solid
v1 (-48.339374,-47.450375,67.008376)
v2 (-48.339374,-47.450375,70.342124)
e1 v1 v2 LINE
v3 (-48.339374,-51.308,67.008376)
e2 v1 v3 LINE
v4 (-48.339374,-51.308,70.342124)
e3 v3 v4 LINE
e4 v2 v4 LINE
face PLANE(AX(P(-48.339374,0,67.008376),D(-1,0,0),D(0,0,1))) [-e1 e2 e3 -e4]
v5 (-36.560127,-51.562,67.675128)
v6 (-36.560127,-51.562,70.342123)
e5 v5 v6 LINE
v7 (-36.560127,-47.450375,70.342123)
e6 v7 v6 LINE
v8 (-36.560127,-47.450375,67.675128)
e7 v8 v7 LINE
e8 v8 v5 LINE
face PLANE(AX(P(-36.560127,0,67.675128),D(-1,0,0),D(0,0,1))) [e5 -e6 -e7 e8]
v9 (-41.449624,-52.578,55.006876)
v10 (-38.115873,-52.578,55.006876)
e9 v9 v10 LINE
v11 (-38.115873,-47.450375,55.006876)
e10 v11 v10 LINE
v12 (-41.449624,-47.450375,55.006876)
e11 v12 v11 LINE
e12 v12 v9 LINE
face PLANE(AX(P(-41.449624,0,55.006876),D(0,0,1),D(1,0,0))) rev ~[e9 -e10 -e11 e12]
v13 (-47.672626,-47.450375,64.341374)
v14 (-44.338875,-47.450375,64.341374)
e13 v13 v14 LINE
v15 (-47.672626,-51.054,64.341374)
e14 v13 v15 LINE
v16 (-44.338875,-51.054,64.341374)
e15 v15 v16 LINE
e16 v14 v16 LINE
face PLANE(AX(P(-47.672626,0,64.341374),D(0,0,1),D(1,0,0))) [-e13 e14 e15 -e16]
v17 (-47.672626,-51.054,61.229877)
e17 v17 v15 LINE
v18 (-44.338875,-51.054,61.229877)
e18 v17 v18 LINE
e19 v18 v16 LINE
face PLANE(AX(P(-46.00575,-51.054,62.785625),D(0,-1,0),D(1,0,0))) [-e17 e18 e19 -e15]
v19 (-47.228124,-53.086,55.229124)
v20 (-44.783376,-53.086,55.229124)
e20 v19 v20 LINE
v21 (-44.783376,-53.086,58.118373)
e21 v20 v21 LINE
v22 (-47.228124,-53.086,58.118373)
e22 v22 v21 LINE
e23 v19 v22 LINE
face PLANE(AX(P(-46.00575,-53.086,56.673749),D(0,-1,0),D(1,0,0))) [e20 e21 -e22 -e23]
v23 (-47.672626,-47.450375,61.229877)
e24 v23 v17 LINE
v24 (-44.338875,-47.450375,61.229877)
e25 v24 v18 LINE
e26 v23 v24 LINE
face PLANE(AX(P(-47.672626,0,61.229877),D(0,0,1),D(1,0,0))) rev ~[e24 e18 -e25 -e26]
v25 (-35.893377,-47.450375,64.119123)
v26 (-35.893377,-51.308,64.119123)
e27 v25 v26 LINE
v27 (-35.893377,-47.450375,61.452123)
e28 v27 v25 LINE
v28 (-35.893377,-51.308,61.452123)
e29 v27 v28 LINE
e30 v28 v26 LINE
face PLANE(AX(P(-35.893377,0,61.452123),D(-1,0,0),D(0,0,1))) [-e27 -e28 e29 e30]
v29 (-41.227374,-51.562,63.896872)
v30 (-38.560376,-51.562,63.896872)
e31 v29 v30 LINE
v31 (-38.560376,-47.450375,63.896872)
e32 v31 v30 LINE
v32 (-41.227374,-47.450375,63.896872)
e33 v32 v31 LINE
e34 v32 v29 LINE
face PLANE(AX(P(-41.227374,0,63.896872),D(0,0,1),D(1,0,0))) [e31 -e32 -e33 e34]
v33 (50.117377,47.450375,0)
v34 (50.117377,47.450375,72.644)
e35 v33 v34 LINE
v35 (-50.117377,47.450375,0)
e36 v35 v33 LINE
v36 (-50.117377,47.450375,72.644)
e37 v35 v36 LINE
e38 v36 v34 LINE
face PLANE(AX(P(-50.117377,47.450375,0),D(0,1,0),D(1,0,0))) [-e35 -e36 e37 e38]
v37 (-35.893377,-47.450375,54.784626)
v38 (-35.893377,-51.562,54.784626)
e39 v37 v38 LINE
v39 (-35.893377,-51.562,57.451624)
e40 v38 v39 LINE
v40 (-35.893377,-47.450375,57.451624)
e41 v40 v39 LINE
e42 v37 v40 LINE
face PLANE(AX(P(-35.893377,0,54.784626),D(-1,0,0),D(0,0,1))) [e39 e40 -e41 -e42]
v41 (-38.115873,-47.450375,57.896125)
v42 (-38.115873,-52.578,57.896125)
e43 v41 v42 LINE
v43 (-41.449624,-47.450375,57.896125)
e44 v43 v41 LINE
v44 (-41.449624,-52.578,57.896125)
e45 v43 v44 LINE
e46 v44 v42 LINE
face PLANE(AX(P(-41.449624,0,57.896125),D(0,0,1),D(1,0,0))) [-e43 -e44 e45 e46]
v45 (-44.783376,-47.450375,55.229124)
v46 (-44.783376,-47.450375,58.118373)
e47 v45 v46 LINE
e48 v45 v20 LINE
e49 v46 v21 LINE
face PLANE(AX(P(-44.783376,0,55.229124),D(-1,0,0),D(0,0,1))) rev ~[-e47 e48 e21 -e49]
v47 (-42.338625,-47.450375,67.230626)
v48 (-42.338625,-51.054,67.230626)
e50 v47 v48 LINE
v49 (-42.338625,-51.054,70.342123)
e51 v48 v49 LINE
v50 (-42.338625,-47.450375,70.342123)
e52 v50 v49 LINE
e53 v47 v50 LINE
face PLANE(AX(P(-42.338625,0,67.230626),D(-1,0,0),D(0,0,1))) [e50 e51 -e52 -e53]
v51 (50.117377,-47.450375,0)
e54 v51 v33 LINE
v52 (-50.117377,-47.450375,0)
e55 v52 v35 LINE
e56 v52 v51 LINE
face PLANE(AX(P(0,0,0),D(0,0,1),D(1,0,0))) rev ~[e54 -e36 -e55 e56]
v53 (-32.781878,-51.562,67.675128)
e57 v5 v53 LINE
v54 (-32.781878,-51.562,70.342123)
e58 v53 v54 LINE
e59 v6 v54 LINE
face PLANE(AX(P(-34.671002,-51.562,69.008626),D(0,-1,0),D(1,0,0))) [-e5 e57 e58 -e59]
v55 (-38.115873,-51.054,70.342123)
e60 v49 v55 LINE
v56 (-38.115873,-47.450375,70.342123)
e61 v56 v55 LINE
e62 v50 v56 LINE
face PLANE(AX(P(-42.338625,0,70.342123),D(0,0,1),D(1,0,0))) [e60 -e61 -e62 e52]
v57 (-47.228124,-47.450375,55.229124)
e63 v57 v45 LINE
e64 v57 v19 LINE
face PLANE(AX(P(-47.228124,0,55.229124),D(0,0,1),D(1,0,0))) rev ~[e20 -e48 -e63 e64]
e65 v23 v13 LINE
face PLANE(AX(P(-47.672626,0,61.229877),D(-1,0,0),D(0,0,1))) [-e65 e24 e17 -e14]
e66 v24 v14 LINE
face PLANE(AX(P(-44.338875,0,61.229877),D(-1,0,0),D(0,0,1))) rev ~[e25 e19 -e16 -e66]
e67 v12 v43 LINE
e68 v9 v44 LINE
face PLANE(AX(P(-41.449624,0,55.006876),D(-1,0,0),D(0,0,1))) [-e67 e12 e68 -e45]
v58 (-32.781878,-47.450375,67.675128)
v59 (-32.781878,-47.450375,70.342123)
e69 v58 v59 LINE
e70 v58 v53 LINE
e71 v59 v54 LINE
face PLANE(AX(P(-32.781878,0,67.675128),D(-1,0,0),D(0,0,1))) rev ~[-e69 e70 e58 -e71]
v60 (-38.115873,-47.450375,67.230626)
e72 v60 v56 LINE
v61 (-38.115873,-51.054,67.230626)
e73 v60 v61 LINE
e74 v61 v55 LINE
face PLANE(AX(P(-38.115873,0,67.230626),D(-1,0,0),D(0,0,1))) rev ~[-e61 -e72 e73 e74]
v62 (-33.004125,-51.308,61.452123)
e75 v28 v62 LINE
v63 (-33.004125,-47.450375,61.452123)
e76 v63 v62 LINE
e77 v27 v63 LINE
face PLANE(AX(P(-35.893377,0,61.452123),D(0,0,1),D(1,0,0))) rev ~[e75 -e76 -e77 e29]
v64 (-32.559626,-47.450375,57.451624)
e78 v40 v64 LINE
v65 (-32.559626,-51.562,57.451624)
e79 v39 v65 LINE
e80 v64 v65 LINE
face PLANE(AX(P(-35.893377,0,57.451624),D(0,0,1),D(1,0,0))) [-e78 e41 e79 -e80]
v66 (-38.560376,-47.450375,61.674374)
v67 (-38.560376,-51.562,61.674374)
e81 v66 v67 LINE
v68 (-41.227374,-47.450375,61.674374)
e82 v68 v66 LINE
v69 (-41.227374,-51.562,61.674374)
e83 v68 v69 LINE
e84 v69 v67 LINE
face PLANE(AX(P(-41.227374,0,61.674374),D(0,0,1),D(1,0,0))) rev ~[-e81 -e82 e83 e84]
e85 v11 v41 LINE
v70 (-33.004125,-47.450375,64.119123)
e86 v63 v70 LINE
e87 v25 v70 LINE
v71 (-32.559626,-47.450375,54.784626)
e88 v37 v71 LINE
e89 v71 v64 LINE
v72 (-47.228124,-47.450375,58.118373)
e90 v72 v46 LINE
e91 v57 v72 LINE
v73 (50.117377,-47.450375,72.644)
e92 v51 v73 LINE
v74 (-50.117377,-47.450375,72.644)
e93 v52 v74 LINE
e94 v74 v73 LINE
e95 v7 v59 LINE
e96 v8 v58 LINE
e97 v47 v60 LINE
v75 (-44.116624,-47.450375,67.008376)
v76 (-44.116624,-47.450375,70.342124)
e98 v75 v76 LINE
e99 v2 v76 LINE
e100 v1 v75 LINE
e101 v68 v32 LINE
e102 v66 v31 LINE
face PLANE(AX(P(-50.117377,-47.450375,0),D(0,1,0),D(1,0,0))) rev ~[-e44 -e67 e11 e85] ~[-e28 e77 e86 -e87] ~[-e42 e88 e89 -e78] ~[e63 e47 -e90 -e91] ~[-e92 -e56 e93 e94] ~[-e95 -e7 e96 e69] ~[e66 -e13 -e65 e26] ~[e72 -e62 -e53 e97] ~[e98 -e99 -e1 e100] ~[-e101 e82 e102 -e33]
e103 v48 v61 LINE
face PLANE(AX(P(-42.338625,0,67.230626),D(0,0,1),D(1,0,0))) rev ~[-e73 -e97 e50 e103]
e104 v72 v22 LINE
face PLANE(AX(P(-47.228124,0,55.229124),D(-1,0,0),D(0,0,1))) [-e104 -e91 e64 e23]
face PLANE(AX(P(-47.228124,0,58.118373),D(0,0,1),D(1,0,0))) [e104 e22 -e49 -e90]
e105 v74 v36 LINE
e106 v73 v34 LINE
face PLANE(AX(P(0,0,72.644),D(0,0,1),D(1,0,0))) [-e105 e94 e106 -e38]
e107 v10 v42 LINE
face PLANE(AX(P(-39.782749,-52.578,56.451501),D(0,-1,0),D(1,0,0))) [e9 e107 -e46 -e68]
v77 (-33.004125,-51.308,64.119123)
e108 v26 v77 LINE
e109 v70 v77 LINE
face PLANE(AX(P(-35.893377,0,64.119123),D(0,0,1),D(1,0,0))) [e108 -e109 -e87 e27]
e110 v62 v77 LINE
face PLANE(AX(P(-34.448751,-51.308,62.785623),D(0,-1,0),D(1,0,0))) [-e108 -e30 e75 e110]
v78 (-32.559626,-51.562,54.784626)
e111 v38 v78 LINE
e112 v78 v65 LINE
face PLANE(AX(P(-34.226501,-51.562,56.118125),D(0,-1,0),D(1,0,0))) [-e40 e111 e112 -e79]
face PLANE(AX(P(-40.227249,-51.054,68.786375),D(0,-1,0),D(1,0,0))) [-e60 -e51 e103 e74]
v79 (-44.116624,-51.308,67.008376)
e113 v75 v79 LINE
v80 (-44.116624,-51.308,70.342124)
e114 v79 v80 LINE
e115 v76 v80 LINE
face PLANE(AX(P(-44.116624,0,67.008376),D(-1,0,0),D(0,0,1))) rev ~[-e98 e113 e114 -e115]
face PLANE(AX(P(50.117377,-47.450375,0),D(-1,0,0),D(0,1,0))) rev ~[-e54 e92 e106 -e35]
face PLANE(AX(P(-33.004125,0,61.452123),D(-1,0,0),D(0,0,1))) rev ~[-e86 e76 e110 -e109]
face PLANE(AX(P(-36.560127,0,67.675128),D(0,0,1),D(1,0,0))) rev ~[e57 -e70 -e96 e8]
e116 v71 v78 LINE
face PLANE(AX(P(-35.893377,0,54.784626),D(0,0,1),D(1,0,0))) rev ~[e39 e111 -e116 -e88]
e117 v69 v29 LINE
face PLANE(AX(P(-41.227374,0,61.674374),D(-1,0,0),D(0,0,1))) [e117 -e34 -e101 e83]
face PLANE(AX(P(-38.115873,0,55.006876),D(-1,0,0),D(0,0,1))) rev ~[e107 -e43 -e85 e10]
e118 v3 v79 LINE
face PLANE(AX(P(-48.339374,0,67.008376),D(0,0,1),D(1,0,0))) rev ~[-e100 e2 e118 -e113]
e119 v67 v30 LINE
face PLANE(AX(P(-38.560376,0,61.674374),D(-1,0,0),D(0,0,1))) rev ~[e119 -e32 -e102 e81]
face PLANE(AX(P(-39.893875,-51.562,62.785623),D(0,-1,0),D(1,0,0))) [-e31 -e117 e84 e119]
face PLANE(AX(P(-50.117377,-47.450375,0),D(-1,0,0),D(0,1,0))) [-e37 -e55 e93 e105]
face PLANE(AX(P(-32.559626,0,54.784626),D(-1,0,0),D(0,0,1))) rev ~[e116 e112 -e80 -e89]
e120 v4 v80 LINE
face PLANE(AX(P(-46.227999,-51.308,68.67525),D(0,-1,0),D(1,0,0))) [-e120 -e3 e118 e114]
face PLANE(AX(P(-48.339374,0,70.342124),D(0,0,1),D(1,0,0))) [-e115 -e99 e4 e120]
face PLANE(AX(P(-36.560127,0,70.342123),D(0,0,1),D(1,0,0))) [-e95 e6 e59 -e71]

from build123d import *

# Parameters (mm, degrees)
F0_W      = 100.234754
F0_H      = 94.90075
F1_DEPTH  = 72.644
F2_W      = 4.22275
F2_H      = 3.333748
F3_DEPTH  = 51.308
F4_W      = 4.222751
F4_H      = 3.111497
F5_DEPTH  = 51.054
F6_W      = 3.778249
F6_H      = 2.666995
F7_DEPTH  = 51.562
F8_W      = 3.333751
F8_H      = 3.111497
F9_DEPTH  = 51.054
F10_W     = 2.666998
F10_H     = 2.222497
F11_DEPTH = 51.562
F12_W     = 2.889253
F12_H     = 2.666999
F13_DEPTH = 51.308
F14_W     = 2.444748
F14_H     = 2.889249
F15_DEPTH = 53.086
F16_W     = 3.333751
F16_H     = 2.889249
F17_DEPTH = 52.578
F18_W     = 3.333751
F18_H     = 2.666998
F19_DEPTH = 51.562


with BuildPart() as f1:
    # F0 (on Top) → F1 (new body)
    with BuildSketch(Plane.XY):
        Rectangle(F0_W, F0_H)
    extrude(amount=F1_DEPTH)

    # F2 (on Front) → F3 (join)
    with BuildSketch(Plane.XZ):
        with Locations((-46.227999, 68.67525)):
            Rectangle(F2_W, F2_H)
    extrude(amount=F3_DEPTH)

    # F4 (on Front) → F5 (join)
    with BuildSketch(Plane.XZ):
        with Locations((-40.227249, 68.786375)):
            Rectangle(F4_W, F4_H)
    extrude(amount=F5_DEPTH)

    # F6 (on Front) → F7 (join)
    with BuildSketch(Plane.XZ):
        with Locations((-34.671002, 69.008626)):
            Rectangle(F6_W, F6_H)
    extrude(amount=F7_DEPTH)

    # F8 (on Front) → F9 (join)
    with BuildSketch(Plane.XZ):
        with Locations((-46.00575, 62.785625)):
            Rectangle(F8_W, F8_H)
    extrude(amount=F9_DEPTH)

    # F10 (on Front) → F11 (join)
    with BuildSketch(Plane.XZ):
        with Locations((-39.893875, 62.785623)):
            Rectangle(F10_W, F10_H)
    extrude(amount=F11_DEPTH)

    # F12 (on Front) → F13 (join)
    with BuildSketch(Plane.XZ):
        with Locations((-34.448751, 62.785623)):
            Rectangle(F12_W, F12_H)
    extrude(amount=F13_DEPTH)

    # F14 (on Front) → F15 (join)
    with BuildSketch(Plane.XZ):
        with Locations((-46.00575, 56.673749)):
            Rectangle(F14_W, F14_H)
    extrude(amount=F15_DEPTH)

    # F16 (on Front) → F17 (join)
    with BuildSketch(Plane.XZ):
        with Locations((-39.782749, 56.451501)):
            Rectangle(F16_W, F16_H)
    extrude(amount=F17_DEPTH)

    # F18 (on Front) → F19 (join)
    with BuildSketch(Plane.XZ):
        with Locations((-34.226501, 56.118125)):
            Rectangle(F18_W, F18_H)
    extrude(amount=F19_DEPTH)


solid = f1.part
